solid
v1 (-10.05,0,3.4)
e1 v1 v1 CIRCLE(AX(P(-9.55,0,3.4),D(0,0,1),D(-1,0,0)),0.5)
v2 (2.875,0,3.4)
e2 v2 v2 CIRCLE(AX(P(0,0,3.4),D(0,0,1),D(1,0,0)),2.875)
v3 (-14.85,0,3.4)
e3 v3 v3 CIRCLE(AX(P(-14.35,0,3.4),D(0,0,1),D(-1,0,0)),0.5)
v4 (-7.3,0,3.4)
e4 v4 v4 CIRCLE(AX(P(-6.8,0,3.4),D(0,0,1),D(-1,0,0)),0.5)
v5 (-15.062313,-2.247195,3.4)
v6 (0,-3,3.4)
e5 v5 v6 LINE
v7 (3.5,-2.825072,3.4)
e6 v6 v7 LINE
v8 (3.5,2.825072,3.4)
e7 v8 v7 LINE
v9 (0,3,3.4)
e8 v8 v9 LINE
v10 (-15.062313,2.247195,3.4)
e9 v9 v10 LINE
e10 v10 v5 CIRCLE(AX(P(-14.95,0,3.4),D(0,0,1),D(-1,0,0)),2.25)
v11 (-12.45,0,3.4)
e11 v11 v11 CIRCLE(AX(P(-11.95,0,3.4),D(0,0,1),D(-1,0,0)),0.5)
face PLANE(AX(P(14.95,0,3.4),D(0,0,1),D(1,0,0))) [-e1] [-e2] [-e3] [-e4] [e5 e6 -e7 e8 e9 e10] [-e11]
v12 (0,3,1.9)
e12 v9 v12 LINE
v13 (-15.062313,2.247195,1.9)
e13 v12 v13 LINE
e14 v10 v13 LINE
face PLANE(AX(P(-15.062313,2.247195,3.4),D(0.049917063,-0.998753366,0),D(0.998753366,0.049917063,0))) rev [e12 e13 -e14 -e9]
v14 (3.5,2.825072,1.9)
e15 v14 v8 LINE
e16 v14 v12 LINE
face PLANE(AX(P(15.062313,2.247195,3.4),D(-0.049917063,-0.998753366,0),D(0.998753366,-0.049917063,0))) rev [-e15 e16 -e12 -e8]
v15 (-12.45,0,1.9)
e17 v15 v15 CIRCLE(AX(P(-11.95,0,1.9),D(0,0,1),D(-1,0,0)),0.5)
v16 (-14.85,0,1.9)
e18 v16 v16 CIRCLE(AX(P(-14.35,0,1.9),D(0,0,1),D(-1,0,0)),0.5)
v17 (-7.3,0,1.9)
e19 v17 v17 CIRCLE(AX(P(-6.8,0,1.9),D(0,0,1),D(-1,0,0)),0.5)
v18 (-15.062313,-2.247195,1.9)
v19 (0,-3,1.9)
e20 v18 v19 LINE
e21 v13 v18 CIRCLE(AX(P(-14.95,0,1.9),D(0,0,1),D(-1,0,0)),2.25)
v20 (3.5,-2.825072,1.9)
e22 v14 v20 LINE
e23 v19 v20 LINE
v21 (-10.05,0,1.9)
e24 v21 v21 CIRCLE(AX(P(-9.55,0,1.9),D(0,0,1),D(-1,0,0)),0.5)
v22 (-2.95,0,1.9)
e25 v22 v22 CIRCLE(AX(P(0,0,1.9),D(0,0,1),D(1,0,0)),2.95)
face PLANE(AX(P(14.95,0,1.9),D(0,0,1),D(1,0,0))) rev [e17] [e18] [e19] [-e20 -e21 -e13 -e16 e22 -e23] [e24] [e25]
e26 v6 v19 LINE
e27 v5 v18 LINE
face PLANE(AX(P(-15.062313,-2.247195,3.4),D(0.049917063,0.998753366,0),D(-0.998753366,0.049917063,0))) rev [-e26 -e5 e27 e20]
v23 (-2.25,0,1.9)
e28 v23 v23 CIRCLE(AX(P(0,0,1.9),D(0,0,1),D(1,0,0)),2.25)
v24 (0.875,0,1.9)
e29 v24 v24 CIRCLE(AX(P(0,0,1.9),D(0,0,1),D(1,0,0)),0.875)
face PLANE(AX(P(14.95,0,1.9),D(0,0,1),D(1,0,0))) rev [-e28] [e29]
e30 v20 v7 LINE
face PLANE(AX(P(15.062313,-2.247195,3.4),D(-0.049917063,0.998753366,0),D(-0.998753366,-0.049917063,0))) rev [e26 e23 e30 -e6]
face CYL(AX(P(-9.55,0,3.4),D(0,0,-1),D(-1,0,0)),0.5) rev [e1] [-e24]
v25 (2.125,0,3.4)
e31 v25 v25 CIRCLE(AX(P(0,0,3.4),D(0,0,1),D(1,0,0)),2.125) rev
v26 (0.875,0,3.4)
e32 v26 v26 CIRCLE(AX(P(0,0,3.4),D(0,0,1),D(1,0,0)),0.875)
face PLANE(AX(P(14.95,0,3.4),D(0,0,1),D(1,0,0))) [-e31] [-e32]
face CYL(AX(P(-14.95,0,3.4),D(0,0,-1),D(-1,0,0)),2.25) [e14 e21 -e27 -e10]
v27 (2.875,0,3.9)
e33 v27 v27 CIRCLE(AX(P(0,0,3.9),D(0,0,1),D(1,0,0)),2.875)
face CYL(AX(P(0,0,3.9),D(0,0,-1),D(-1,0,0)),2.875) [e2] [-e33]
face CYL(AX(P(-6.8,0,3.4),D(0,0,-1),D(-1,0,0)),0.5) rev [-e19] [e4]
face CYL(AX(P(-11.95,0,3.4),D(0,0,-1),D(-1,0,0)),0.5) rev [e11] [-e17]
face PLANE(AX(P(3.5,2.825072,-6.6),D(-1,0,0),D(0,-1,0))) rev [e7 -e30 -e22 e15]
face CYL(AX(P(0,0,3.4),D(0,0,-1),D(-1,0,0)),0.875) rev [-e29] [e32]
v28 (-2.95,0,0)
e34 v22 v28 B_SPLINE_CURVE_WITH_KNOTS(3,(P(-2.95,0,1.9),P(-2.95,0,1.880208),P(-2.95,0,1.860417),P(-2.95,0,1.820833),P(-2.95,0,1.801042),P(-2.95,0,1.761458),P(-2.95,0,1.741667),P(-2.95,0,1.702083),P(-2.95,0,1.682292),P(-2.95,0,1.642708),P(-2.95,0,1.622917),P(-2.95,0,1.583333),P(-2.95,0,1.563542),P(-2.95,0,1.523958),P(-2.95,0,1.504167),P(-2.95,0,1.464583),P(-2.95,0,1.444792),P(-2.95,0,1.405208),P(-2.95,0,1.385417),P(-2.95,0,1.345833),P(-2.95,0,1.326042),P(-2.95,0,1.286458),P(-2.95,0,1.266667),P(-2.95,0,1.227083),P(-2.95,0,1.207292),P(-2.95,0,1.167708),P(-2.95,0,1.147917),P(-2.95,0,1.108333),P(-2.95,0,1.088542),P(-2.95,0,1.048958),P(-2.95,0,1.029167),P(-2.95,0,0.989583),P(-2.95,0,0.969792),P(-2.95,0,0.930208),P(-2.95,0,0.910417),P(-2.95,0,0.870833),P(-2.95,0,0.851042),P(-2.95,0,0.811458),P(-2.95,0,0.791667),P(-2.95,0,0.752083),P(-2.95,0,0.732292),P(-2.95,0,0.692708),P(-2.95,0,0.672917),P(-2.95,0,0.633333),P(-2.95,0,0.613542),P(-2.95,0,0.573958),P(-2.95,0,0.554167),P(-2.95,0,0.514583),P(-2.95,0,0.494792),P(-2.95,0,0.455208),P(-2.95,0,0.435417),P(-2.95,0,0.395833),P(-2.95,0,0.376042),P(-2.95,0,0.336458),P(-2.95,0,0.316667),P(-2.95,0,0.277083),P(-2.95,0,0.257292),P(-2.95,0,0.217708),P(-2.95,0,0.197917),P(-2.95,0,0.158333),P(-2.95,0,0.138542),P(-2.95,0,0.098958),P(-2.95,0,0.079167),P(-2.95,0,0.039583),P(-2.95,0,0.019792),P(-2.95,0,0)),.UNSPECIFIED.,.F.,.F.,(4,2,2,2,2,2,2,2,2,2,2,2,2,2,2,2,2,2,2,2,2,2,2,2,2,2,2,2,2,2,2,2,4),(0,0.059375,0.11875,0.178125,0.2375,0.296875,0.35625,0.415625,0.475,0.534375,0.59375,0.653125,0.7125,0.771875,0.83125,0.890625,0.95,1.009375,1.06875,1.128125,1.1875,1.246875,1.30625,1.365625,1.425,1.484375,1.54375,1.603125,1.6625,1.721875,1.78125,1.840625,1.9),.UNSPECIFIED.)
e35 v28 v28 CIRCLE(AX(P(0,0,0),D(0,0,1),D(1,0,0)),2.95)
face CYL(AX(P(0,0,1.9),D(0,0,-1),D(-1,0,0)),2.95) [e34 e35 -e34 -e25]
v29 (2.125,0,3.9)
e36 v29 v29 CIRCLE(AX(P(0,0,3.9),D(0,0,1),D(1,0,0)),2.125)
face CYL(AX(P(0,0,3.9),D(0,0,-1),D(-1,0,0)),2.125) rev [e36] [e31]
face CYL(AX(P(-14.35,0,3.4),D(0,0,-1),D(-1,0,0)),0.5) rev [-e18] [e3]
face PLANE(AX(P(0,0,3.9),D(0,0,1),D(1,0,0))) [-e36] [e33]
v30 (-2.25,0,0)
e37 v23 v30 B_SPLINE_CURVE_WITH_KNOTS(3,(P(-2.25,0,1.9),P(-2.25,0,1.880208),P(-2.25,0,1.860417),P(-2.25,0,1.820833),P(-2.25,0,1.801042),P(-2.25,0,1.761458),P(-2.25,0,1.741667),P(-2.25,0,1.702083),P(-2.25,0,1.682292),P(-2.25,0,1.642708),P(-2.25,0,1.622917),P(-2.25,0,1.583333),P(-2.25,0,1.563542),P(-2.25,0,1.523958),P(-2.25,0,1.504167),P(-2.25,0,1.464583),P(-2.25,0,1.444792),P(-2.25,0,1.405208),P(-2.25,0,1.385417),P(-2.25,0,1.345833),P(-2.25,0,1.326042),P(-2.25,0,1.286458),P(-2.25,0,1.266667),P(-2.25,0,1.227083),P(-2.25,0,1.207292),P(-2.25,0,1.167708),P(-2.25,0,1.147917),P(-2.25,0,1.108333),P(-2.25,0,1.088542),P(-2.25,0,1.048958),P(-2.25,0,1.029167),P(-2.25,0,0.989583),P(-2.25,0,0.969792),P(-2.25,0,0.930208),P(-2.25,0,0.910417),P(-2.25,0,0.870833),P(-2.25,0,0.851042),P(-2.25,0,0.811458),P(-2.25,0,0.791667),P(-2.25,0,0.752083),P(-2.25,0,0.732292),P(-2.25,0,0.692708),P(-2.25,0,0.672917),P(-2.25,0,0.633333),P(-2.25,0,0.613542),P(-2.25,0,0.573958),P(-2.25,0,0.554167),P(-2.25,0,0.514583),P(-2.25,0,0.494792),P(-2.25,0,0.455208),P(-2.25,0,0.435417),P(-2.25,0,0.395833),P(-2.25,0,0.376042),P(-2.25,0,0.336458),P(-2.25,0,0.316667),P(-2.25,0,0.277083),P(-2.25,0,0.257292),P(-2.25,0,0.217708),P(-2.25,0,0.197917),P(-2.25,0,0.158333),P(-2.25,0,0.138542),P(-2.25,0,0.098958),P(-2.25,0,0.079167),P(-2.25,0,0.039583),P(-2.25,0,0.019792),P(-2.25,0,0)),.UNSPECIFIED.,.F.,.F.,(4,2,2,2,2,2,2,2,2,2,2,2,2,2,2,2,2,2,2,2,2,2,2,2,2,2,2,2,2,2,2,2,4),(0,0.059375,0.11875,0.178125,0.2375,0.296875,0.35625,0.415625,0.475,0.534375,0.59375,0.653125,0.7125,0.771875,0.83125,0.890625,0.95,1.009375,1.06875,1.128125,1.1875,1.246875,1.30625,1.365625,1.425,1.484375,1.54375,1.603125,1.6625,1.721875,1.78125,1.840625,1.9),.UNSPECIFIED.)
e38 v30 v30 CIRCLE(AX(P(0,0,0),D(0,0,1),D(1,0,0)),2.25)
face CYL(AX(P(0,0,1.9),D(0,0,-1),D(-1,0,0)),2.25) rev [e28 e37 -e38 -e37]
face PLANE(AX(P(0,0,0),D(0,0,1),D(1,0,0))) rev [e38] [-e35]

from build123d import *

# Parameters (mm, degrees)
SKETCH1_R           = 2.95
SKETCH1_R_2         = 2.25
BOSS_EXTRUDE1_DEPTH = 1.9
SKETCH2_R           = 0.875
SKETCH2_R_2         = 0.5
BOSS_EXTRUDE2_DEPTH = 1.5
SKETCH3_R           = 2.875
SKETCH3_R_2         = 2.125
BOSS_EXTRUDE3_DEPTH = 0.5
CUT_EXTRUDE1_START  = -10
CUT_EXTRUDE1_DEPTH  = 10


with BuildPart() as part:
    # Sketch1 → Boss-Extrude1 (new body)
    with BuildSketch(Plane.XY):
        with Locations(Location((0, 0, 0), (0, 0, 180))):
            Circle(SKETCH1_R)
        with Locations(Location((0, 0, 0), (0, 0, 180))):
            Circle(SKETCH1_R_2, mode=Mode.SUBTRACT)
    extrude(amount=BOSS_EXTRUDE1_DEPTH)

    # Sketch2 → Boss-Extrude2 (add)
    with BuildSketch(Plane.XY.offset(1.9)):
        with BuildLine():
            Line((15.062313393, 2.247195074), (0, 3))
            Line((0, 3), (-15.062313393, 2.247195074))
            ThreePointArc((-15.062313393, 2.247195074), (-17.2, 0), (-15.062313393, -2.247195074))
            Line((-15.062313393, -2.247195074), (0, -3))
            Line((0, -3), (15.062313393, -2.247195074))
            ThreePointArc((15.062313393, -2.247195074), (17.2, 0), (15.062313393, 2.247195074))
        make_face()
        Circle(SKETCH2_R, mode=Mode.SUBTRACT)
        with Locations((6.8, 0)):
            Circle(SKETCH2_R_2, mode=Mode.SUBTRACT)
        with Locations((9.55, 0)):
            Circle(SKETCH2_R_2, mode=Mode.SUBTRACT)
        with Locations((11.95, 0)):
            Circle(SKETCH2_R_2, mode=Mode.SUBTRACT)
        with Locations((14.35, 0)):
            Circle(SKETCH2_R_2, mode=Mode.SUBTRACT)
        with Locations(Location((-14.35, 0, 0), (0, 0, 180))):
            Circle(SKETCH2_R_2, mode=Mode.SUBTRACT)
        with Locations(Location((-11.95, 0, 0), (0, 0, 180))):
            Circle(SKETCH2_R_2, mode=Mode.SUBTRACT)
        with Locations(Location((-9.55, 0, 0), (0, 0, 180))):
            Circle(SKETCH2_R_2, mode=Mode.SUBTRACT)
        with Locations(Location((-6.8, 0, 0), (0, 0, 180))):
            Circle(SKETCH2_R_2, mode=Mode.SUBTRACT)
    extrude(amount=BOSS_EXTRUDE2_DEPTH)

    # Sketch3 → Boss-Extrude3 (add)
    with BuildSketch(Plane.XY.offset(3.4)):
        Circle(SKETCH3_R)
        Circle(SKETCH3_R_2, mode=Mode.SUBTRACT)
    extrude(amount=BOSS_EXTRUDE3_DEPTH)

    # Sketch4 → Cut-Extrude1 (cut)
    with BuildSketch(Plane.XY.offset(3.4).offset(CUT_EXTRUDE1_START)):
        with BuildLine():
            Line((3.5, 2.825072207), (3.5, -2.825072207))
            Line((3.5, -2.825072207), (15.062313393, -2.247195074))
            ThreePointArc((15.062313393, -2.247195074), (17.2, 0), (15.062313393, 2.247195074))
            Line((15.062313393, 2.247195074), (3.5, 2.825072207))
        make_face()
    extrude(amount=CUT_EXTRUDE1_DEPTH, mode=Mode.SUBTRACT)


solid = part.part
